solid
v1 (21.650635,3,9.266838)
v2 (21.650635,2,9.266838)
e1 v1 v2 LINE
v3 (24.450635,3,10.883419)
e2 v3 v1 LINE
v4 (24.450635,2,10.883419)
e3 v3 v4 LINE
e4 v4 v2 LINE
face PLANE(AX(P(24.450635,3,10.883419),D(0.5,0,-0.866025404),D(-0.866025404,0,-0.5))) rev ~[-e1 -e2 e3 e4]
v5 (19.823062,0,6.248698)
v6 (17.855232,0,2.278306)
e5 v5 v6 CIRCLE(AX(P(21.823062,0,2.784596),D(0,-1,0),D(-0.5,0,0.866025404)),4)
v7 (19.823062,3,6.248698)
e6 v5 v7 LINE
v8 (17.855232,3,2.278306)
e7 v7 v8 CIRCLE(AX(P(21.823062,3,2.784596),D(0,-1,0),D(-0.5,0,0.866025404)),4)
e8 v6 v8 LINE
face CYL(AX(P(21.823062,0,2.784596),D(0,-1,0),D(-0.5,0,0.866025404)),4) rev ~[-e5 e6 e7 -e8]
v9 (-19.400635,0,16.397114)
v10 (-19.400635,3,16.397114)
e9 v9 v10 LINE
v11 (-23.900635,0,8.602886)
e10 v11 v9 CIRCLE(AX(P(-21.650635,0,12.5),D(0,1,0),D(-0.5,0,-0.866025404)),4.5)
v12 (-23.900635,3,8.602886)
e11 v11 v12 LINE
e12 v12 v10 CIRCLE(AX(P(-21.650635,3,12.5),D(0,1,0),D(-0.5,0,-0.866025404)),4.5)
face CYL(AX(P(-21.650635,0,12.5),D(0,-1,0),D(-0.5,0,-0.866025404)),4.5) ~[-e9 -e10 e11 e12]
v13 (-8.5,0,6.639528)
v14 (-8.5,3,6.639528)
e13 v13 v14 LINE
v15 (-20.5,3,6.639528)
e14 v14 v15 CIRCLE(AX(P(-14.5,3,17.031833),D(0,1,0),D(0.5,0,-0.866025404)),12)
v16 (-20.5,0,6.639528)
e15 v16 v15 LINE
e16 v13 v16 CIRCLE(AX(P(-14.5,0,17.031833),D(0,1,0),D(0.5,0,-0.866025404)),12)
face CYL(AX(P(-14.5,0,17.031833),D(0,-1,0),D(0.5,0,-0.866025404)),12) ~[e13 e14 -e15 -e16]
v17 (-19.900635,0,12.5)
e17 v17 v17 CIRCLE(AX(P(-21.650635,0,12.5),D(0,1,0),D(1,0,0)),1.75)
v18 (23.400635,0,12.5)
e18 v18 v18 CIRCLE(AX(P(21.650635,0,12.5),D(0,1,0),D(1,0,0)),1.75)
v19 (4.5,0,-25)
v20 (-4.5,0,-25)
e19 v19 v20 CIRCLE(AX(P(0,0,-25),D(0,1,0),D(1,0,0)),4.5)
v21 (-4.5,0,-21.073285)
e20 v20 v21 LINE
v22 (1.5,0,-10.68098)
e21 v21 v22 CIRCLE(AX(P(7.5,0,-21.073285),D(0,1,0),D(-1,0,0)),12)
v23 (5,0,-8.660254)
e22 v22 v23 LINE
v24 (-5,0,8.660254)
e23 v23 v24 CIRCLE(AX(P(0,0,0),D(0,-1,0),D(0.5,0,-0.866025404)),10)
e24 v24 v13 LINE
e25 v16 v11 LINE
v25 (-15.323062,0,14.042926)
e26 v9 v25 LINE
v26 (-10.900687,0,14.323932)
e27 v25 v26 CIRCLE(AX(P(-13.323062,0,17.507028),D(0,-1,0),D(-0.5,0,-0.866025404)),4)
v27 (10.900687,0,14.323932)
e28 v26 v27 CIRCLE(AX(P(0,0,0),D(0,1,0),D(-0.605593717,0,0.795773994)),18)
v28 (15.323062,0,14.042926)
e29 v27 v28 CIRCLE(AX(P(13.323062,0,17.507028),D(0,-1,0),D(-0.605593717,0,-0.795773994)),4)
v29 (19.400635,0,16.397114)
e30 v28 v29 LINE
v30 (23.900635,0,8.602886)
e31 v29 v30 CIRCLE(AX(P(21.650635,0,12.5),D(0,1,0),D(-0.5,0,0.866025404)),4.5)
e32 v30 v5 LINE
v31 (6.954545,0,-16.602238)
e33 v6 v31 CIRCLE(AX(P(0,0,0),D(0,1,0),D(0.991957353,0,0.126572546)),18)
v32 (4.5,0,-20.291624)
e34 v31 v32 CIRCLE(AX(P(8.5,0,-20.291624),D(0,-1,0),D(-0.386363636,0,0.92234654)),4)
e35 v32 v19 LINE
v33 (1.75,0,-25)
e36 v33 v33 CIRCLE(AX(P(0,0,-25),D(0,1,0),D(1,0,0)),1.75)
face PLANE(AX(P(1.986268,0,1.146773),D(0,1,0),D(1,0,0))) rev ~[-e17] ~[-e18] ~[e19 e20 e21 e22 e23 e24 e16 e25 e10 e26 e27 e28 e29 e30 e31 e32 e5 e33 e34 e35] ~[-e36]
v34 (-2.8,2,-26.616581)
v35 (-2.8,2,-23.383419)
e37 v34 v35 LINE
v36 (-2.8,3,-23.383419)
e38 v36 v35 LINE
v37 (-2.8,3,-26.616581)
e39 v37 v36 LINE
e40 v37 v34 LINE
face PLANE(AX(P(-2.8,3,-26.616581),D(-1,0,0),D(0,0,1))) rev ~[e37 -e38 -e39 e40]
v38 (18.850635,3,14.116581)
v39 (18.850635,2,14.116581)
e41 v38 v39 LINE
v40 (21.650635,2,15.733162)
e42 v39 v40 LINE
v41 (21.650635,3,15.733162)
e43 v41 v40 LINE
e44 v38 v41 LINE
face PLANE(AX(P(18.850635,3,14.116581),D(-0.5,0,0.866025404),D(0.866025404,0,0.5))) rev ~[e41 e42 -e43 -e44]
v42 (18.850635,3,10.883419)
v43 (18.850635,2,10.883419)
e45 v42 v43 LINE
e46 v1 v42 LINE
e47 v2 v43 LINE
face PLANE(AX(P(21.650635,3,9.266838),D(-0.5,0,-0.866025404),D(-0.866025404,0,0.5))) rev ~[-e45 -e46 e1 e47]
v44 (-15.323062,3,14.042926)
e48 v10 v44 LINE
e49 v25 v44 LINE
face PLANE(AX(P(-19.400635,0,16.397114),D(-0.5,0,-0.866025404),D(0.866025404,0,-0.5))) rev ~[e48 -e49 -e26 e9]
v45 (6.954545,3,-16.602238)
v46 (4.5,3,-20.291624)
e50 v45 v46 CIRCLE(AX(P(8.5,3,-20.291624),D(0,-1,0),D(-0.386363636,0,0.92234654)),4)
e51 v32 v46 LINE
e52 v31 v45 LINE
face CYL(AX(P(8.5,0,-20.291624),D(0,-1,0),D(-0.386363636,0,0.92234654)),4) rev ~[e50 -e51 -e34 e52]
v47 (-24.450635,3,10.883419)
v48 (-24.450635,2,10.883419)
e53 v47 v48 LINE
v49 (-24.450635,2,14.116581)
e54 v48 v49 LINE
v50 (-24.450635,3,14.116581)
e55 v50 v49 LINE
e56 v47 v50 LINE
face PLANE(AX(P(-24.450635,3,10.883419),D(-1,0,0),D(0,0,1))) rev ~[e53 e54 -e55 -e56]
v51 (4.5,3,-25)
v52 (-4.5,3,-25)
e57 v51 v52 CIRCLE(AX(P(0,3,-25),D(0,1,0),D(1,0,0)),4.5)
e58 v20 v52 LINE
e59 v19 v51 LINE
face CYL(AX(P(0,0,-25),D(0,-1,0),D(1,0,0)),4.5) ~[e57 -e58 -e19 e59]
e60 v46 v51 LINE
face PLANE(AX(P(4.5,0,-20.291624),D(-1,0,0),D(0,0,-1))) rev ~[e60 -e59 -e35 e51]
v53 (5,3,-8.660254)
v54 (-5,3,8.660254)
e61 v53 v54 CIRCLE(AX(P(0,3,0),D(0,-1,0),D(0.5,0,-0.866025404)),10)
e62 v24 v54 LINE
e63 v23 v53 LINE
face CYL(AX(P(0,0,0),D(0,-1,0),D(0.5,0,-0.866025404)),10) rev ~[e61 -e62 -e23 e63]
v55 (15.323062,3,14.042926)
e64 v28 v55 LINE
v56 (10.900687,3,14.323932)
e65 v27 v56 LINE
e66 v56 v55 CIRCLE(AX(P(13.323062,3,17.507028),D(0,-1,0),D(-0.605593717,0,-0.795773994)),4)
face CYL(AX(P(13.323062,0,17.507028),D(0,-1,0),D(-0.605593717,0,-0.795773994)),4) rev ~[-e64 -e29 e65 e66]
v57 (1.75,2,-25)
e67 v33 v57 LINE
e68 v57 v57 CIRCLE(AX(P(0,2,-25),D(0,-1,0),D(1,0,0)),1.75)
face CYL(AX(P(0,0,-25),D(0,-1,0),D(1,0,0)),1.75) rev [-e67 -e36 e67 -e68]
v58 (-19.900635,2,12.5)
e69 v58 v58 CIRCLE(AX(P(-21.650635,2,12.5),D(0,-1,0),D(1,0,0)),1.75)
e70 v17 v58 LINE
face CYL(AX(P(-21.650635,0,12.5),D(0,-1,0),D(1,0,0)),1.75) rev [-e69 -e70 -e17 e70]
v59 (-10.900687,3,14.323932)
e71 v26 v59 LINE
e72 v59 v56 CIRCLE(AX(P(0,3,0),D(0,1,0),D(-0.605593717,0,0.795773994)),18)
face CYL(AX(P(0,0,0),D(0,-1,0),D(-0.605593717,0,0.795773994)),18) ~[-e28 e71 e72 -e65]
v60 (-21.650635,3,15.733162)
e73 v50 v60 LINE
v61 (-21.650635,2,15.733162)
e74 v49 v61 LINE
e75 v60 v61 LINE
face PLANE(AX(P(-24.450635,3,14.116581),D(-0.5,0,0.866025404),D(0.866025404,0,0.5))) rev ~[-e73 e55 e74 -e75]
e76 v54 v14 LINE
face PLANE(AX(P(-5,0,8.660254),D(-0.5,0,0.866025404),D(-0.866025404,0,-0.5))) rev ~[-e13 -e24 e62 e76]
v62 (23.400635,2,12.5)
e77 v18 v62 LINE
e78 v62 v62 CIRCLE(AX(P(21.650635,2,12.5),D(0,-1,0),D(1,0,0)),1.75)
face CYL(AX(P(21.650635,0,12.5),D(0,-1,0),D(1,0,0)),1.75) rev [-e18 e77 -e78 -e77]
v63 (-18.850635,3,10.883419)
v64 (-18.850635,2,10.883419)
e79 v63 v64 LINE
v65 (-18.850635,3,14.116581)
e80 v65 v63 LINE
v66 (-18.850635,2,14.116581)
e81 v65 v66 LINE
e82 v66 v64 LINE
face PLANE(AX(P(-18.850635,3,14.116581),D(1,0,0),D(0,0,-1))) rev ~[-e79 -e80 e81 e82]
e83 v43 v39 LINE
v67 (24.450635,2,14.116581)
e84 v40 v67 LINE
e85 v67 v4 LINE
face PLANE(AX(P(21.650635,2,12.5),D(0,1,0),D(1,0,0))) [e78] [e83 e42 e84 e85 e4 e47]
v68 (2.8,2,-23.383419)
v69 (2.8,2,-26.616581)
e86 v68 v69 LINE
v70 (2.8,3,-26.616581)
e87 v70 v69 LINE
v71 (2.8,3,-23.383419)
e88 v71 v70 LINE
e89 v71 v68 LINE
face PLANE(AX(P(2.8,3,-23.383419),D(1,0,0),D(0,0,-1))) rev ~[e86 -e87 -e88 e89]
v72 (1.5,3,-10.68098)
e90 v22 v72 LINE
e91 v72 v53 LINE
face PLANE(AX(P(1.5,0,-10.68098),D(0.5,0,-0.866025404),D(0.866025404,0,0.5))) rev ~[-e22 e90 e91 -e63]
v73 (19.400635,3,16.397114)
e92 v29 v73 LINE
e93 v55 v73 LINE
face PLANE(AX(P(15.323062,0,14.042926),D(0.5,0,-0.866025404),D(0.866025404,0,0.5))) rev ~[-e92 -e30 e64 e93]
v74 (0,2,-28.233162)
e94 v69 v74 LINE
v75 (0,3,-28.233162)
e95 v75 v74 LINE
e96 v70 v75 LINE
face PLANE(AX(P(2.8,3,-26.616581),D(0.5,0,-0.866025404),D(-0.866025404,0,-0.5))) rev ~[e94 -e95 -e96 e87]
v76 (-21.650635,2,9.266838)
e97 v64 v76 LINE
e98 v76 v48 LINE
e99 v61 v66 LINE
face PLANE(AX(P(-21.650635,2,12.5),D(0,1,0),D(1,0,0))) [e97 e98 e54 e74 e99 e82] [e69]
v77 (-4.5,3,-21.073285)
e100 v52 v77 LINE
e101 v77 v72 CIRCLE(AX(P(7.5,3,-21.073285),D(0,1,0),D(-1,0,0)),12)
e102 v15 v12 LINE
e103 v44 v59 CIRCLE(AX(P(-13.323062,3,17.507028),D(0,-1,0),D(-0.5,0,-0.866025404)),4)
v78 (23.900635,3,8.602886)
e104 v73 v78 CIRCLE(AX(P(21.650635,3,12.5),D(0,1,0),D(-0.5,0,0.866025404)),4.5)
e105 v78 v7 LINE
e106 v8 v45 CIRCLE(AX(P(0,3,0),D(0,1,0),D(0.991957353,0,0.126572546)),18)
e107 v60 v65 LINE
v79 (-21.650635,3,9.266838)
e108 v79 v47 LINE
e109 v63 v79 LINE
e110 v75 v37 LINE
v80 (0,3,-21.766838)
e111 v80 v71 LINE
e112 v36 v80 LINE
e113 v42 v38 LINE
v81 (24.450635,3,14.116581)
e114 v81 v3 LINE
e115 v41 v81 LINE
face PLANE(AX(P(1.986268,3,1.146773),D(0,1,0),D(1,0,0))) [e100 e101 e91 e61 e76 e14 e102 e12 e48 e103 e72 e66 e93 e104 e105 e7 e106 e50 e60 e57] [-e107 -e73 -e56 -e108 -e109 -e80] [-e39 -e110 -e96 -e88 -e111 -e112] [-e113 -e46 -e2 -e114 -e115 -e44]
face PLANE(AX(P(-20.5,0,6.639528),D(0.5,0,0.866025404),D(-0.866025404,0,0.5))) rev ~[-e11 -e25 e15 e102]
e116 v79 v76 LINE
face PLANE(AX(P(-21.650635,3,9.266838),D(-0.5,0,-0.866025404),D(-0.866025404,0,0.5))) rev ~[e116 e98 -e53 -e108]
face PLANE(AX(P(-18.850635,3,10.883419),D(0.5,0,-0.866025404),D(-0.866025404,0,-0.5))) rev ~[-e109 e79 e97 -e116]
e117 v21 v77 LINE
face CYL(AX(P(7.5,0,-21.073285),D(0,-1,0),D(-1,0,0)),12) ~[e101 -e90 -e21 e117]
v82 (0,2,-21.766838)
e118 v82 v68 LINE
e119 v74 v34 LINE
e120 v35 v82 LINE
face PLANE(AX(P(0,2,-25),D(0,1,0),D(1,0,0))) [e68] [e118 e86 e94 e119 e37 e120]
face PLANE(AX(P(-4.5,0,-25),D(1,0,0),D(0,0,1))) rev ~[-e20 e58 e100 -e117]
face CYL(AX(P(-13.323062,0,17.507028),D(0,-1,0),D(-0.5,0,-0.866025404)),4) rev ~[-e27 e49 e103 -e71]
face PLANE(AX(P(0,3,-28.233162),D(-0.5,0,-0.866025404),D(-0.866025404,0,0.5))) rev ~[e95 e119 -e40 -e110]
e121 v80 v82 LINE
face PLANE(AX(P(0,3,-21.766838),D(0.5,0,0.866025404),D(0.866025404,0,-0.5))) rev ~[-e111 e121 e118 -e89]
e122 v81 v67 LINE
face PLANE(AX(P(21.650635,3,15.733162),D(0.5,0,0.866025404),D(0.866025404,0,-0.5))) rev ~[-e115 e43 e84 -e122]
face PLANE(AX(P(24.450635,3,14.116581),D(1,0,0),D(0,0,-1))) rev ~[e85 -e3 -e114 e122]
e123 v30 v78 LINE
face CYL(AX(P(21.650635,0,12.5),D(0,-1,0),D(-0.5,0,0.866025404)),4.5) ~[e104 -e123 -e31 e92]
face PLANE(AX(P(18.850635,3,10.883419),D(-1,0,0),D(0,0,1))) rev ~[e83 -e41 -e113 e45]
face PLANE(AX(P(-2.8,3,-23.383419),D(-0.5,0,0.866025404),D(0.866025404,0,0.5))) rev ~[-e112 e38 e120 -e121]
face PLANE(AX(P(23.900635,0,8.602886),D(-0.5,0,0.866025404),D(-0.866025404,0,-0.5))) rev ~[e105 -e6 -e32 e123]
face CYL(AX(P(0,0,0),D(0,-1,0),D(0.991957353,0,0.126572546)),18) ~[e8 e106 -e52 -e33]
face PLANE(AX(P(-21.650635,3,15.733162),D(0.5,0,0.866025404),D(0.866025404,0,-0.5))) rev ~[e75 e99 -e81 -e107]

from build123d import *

# Parameters (mm, degrees)
SKETCH1_R           = 1.75
BOSS_EXTRUDE1_DEPTH = 3
CUT_EXTRUDE1_DEPTH  = 1


with BuildPart() as part:
    # Sketch1 → Boss-Extrude1 (new body)
    with BuildSketch(Plane(origin=(0, 0, 0), x_dir=(1, 0, 0), z_dir=(0, 1, 0))):
        with BuildLine():
            Line((23.900635095, -8.602885683), (19.823061771, -6.248697627))
            ThreePointArc((19.823061771, -6.248697627), (18.239104498, -4.560898425), (17.855232358, -2.278305828))
            ThreePointArc((17.855232358, -2.278305828), (15.588457268, 9), (6.954545455, 16.602237726))
            ThreePointArc((6.954545455, 16.602237726), (5.169698348, 18.07597705), (4.5, 20.291623888))
            Line((4.5, 20.291623888), (4.5, 25))
            ThreePointArc((4.5, 25), (0, 29.5), (-4.5, 25))
            Line((-4.5, 25), (-4.5, 21.073284825))
            ThreePointArc((-4.5, 21.073284825), (-2.892304845, 15.073284825), (1.5, 10.68097998))
            Line((1.5, 10.68097998), (5, 8.660254038))
            ThreePointArc((5, 8.660254038), (8.660254038, -5), (-5, -8.660254038))
            Line((-5, -8.660254038), (-8.5, -6.639528096))
            ThreePointArc((-8.5, -6.639528096), (-14.5, -5.031832941), (-20.5, -6.639528096))
            Line((-20.5, -6.639528096), (-23.900635095, -8.602885683))
            ThreePointArc((-23.900635095, -8.602885683), (-25.547749412, -14.75), (-19.400635095, -16.397114317))
            Line((-19.400635095, -16.397114317), (-15.323061771, -14.042926261))
            ThreePointArc((-15.323061771, -14.042926261), (-13.069406149, -13.515078625), (-10.900686903, -14.323931899))
            ThreePointArc((-10.900686903, -14.323931899), (0, -18), (10.900686903, -14.323931899))
            ThreePointArc((10.900686903, -14.323931899), (13.069406149, -13.515078625), (15.323061771, -14.042926261))
            Line((15.323061771, -14.042926261), (19.400635095, -16.397114317))
            ThreePointArc((19.400635095, -16.397114317), (25.547749412, -14.75), (23.900635095, -8.602885683))
        make_face()
        with Locations((0, 25)):
            Circle(SKETCH1_R, mode=Mode.SUBTRACT)
        with Locations((21.650635095, -12.5)):
            Circle(SKETCH1_R, mode=Mode.SUBTRACT)
        with Locations((-21.650635095, -12.5)):
            Circle(SKETCH1_R, mode=Mode.SUBTRACT)
    extrude(amount=BOSS_EXTRUDE1_DEPTH)

    # Sketch2 → Cut-Extrude1 (cut)
    with BuildSketch(Plane(origin=(0, 3, 0), x_dir=(1, 0, 0), z_dir=(0, 1, 0))):
        Polygon((2.8, 23.383419246), (2.8, 26.616580754), (0, 28.233161507), (-2.8, 26.616580754), (-2.8, 23.383419246), (0, 21.766838493), align=None)
        Polygon((24.450635095, -14.116580754), (24.450635095, -10.883419246), (21.650635095, -9.266838493), (18.850635095, -10.883419246), (18.850635095, -14.116580754), (21.650635095, -15.733161507), align=None)
        Polygon((-24.450635095, -14.116580754), (-21.650635095, -15.733161507), (-18.850635095, -14.116580754), (-18.850635095, -10.883419246), (-21.650635095, -9.266838493), (-24.450635095, -10.883419246), align=None)
    extrude(amount=-CUT_EXTRUDE1_DEPTH, mode=Mode.SUBTRACT)


solid = part.part
